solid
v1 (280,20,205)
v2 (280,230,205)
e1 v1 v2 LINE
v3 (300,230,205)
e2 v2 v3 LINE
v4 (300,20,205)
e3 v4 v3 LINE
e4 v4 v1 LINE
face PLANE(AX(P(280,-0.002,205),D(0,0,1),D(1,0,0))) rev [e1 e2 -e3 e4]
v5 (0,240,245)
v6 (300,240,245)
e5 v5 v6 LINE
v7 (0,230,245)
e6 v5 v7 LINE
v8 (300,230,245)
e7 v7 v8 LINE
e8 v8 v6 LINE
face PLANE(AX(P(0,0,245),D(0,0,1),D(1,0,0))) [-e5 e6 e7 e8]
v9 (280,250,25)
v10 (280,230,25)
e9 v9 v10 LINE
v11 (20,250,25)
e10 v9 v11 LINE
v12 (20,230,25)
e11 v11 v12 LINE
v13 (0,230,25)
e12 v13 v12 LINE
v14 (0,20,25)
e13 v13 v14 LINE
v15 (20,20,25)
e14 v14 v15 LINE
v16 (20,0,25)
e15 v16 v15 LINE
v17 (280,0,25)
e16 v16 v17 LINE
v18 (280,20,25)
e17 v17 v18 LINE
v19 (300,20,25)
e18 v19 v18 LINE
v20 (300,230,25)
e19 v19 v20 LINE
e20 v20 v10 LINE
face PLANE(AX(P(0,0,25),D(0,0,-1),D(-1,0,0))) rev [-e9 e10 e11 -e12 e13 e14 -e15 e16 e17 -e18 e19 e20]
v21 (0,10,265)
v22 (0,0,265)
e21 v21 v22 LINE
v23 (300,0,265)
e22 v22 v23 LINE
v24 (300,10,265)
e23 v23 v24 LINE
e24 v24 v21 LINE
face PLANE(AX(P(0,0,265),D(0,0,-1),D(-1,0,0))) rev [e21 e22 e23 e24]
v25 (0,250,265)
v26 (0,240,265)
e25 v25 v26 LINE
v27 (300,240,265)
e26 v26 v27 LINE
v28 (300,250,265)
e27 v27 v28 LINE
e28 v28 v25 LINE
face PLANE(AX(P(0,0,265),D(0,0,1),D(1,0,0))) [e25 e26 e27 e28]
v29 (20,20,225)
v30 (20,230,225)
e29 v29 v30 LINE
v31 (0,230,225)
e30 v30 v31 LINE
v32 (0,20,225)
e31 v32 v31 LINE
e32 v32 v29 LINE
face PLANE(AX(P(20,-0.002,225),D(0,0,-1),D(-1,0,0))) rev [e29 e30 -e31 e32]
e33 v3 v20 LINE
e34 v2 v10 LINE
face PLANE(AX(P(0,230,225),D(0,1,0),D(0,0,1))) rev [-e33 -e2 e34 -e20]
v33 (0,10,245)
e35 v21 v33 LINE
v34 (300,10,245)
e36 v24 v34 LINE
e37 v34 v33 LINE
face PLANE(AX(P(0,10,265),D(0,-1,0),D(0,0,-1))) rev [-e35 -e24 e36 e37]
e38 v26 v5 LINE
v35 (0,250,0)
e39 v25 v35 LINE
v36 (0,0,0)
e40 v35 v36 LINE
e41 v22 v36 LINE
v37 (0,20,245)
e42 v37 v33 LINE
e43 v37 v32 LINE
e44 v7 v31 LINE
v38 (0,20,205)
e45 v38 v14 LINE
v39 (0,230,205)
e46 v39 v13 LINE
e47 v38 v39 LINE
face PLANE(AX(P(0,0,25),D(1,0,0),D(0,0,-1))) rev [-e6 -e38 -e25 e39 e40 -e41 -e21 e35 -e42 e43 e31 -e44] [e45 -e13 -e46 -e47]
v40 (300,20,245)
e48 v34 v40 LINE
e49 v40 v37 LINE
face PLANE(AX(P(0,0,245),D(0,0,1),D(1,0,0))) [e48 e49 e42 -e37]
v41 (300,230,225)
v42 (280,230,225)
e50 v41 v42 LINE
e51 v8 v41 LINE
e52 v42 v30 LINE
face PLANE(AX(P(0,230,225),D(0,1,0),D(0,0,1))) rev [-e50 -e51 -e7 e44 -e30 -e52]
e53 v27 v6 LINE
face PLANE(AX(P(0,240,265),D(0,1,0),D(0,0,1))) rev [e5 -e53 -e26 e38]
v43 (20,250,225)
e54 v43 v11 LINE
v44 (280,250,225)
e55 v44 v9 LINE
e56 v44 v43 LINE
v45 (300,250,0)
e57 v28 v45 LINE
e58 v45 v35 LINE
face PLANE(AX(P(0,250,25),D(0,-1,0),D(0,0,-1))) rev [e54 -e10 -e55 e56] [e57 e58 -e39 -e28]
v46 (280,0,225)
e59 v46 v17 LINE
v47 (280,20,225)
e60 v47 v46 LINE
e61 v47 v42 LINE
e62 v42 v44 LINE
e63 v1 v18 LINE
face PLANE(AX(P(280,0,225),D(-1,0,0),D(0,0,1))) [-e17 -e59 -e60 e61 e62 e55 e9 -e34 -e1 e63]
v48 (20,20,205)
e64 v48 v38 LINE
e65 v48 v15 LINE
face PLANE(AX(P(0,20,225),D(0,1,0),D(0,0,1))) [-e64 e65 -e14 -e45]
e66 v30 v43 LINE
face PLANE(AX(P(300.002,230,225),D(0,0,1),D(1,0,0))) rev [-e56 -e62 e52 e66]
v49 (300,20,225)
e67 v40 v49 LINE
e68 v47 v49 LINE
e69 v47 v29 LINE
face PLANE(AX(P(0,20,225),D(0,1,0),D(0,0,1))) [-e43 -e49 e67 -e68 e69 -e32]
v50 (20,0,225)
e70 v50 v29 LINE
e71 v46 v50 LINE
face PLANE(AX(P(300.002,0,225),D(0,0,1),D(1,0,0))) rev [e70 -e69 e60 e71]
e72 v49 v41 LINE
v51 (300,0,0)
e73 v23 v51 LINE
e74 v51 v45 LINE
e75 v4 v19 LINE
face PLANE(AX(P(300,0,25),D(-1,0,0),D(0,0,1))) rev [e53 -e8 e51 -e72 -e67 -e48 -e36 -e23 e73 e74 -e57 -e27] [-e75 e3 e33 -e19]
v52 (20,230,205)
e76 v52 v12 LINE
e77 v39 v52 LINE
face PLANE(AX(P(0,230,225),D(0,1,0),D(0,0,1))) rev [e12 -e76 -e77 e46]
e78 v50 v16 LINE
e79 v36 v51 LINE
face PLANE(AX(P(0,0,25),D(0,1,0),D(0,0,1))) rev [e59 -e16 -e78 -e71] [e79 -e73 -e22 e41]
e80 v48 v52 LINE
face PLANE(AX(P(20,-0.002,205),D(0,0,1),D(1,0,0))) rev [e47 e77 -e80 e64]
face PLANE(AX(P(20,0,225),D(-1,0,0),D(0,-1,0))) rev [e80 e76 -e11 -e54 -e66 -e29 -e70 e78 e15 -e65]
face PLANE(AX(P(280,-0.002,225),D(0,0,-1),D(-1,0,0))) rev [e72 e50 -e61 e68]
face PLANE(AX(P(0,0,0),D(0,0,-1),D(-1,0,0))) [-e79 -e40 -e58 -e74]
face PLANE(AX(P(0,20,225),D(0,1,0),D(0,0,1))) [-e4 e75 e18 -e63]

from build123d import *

# Parameters (mm, degrees)
SKETCH_1_W       = 300
SKETCH_1_H       = 250
EXTRUDE_1_DEPTH  = 25
SKETCH_2_W       = 20
SKETCH_2_H       = 20
EXTRUDE_3_DEPTH  = 200
SKETCH_3_W       = 20
SKETCH_3_H       = 20
EXTRUDE_4_DEPTH  = 20
SKETCH_4_W       = 20
SKETCH_4_H       = 20
EXTRUDE_5_DEPTH  = 20
SKETCH_5_W       = 20
SKETCH_5_H       = 20
EXTRUDE_6_DEPTH  = 20
SKETCH_6_W       = 20
SKETCH_6_H       = 20
EXTRUDE_7_DEPTH  = 20
EXTRUDE_8_REACH  = 450.247
SKETCH_8_W       = 20
SKETCH_8_H       = 20
EXTRUDE_9_REACH  = 452.472
SKETCH_9_W       = 20
SKETCH_9_H       = 20
SKETCH_10_W      = 300
SKETCH_10_H      = 10
EXTRUDE_11_DEPTH = 20


with BuildPart() as part:
    # 草图1 → 凸台-拉伸1 (new body)
    with BuildSketch(Plane.XY):
        with Locations((150, 125)):
            Rectangle(SKETCH_1_W, SKETCH_1_H)
    extrude(amount=EXTRUDE_1_DEPTH)

    # 草图2 → 凸台-拉伸3 (add)
    with BuildSketch(Plane.XY.offset(25)):
        with Locations((10, 10)):
            Rectangle(SKETCH_2_W, SKETCH_2_H)
        with Locations((10, 240)):
            Rectangle(SKETCH_2_W, SKETCH_2_H)
        with Locations((290, 240)):
            Rectangle(SKETCH_2_W, SKETCH_2_H)
        with Locations((290, 10)):
            Rectangle(SKETCH_2_W, SKETCH_2_H)
    extrude(amount=EXTRUDE_3_DEPTH)

    # 草图3 → 凸台-拉伸4 (add)
    with BuildSketch(Plane.XY.offset(225)):
        with Locations((10, 10)):
            Rectangle(SKETCH_3_W, SKETCH_3_H)
    extrude(amount=EXTRUDE_4_DEPTH)

    # 草图4 → 凸台-拉伸5 (add)
    with BuildSketch(Plane.XY.offset(225)):
        with Locations((290, 10)):
            Rectangle(SKETCH_4_W, SKETCH_4_H)
    extrude(amount=EXTRUDE_5_DEPTH)

    # 草图5 → 凸台-拉伸6 (add)
    with BuildSketch(Plane.XY.offset(225)):
        with Locations((290, 240)):
            Rectangle(SKETCH_5_W, SKETCH_5_H)
    extrude(amount=EXTRUDE_6_DEPTH)

    # 草图6 → 凸台-拉伸7 (add)
    with BuildSketch(Plane.XY.offset(225)):
        with Locations((10, 240)):
            Rectangle(SKETCH_6_W, SKETCH_6_H)
    extrude(amount=EXTRUDE_7_DEPTH)

    # 草图8 → 凸台-拉伸8 (add, up to next)
    with BuildSketch(Plane(origin=(20, 0, 0), x_dir=(0, 0, -1), z_dir=(1, 0, 0)), mode=Mode.PRIVATE) as extrude_8_sk1:
        with Locations((-235, 10)):
            Rectangle(SKETCH_8_W, SKETCH_8_H)
    extrude_8_tool1 = extrude(extrude_8_sk1.sketch, amount=EXTRUDE_8_REACH, mode=Mode.PRIVATE) - part.part
    # 草图8 → 凸台-拉伸8 (add, up to next)
    with BuildSketch(Plane(origin=(20, 0, 0), x_dir=(0, 0, -1), z_dir=(1, 0, 0)), mode=Mode.PRIVATE) as extrude_8_sk2:
        with Locations((-235, 240)):
            Rectangle(SKETCH_8_W, SKETCH_8_H)
    extrude_8_tool2 = extrude(extrude_8_sk2.sketch, amount=EXTRUDE_8_REACH, mode=Mode.PRIVATE) - part.part
    add(extrude_8_tool1.solids().sort_by_distance((20, 10, 235))[0])
    add(extrude_8_tool2.solids().sort_by_distance((20, 240, 235))[0])

    # 草图9 → 凸台-拉伸9 (add, up to next)
    with BuildSketch(Plane(origin=(0, 230, 0), x_dir=(-1, 0, 0), z_dir=(0, -1, 0)), mode=Mode.PRIVATE) as extrude_9_sk1:
        with Locations((-10, -215)):
            Rectangle(SKETCH_9_W, SKETCH_9_H)
    extrude_9_tool1 = extrude(extrude_9_sk1.sketch, amount=EXTRUDE_9_REACH, mode=Mode.PRIVATE) - part.part
    # 草图9 → 凸台-拉伸9 (add, up to next)
    with BuildSketch(Plane(origin=(0, 230, 0), x_dir=(-1, 0, 0), z_dir=(0, -1, 0)), mode=Mode.PRIVATE) as extrude_9_sk2:
        with Locations((-290, -215)):
            Rectangle(SKETCH_9_W, SKETCH_9_H)
    extrude_9_tool2 = extrude(extrude_9_sk2.sketch, amount=EXTRUDE_9_REACH, mode=Mode.PRIVATE) - part.part
    add(extrude_9_tool1.solids().sort_by_distance((10, 230, 215))[0])
    add(extrude_9_tool2.solids().sort_by_distance((290, 230, 215))[0])

    # 草图10 → 凸台-拉伸11 (add)
    with BuildSketch(Plane.XY.offset(245)):
        with Locations((150, 245)):
            Rectangle(SKETCH_10_W, SKETCH_10_H)
        with Locations((150, 5)):
            Rectangle(SKETCH_10_W, SKETCH_10_H)
    extrude(amount=EXTRUDE_11_DEPTH)


solid = part.part
